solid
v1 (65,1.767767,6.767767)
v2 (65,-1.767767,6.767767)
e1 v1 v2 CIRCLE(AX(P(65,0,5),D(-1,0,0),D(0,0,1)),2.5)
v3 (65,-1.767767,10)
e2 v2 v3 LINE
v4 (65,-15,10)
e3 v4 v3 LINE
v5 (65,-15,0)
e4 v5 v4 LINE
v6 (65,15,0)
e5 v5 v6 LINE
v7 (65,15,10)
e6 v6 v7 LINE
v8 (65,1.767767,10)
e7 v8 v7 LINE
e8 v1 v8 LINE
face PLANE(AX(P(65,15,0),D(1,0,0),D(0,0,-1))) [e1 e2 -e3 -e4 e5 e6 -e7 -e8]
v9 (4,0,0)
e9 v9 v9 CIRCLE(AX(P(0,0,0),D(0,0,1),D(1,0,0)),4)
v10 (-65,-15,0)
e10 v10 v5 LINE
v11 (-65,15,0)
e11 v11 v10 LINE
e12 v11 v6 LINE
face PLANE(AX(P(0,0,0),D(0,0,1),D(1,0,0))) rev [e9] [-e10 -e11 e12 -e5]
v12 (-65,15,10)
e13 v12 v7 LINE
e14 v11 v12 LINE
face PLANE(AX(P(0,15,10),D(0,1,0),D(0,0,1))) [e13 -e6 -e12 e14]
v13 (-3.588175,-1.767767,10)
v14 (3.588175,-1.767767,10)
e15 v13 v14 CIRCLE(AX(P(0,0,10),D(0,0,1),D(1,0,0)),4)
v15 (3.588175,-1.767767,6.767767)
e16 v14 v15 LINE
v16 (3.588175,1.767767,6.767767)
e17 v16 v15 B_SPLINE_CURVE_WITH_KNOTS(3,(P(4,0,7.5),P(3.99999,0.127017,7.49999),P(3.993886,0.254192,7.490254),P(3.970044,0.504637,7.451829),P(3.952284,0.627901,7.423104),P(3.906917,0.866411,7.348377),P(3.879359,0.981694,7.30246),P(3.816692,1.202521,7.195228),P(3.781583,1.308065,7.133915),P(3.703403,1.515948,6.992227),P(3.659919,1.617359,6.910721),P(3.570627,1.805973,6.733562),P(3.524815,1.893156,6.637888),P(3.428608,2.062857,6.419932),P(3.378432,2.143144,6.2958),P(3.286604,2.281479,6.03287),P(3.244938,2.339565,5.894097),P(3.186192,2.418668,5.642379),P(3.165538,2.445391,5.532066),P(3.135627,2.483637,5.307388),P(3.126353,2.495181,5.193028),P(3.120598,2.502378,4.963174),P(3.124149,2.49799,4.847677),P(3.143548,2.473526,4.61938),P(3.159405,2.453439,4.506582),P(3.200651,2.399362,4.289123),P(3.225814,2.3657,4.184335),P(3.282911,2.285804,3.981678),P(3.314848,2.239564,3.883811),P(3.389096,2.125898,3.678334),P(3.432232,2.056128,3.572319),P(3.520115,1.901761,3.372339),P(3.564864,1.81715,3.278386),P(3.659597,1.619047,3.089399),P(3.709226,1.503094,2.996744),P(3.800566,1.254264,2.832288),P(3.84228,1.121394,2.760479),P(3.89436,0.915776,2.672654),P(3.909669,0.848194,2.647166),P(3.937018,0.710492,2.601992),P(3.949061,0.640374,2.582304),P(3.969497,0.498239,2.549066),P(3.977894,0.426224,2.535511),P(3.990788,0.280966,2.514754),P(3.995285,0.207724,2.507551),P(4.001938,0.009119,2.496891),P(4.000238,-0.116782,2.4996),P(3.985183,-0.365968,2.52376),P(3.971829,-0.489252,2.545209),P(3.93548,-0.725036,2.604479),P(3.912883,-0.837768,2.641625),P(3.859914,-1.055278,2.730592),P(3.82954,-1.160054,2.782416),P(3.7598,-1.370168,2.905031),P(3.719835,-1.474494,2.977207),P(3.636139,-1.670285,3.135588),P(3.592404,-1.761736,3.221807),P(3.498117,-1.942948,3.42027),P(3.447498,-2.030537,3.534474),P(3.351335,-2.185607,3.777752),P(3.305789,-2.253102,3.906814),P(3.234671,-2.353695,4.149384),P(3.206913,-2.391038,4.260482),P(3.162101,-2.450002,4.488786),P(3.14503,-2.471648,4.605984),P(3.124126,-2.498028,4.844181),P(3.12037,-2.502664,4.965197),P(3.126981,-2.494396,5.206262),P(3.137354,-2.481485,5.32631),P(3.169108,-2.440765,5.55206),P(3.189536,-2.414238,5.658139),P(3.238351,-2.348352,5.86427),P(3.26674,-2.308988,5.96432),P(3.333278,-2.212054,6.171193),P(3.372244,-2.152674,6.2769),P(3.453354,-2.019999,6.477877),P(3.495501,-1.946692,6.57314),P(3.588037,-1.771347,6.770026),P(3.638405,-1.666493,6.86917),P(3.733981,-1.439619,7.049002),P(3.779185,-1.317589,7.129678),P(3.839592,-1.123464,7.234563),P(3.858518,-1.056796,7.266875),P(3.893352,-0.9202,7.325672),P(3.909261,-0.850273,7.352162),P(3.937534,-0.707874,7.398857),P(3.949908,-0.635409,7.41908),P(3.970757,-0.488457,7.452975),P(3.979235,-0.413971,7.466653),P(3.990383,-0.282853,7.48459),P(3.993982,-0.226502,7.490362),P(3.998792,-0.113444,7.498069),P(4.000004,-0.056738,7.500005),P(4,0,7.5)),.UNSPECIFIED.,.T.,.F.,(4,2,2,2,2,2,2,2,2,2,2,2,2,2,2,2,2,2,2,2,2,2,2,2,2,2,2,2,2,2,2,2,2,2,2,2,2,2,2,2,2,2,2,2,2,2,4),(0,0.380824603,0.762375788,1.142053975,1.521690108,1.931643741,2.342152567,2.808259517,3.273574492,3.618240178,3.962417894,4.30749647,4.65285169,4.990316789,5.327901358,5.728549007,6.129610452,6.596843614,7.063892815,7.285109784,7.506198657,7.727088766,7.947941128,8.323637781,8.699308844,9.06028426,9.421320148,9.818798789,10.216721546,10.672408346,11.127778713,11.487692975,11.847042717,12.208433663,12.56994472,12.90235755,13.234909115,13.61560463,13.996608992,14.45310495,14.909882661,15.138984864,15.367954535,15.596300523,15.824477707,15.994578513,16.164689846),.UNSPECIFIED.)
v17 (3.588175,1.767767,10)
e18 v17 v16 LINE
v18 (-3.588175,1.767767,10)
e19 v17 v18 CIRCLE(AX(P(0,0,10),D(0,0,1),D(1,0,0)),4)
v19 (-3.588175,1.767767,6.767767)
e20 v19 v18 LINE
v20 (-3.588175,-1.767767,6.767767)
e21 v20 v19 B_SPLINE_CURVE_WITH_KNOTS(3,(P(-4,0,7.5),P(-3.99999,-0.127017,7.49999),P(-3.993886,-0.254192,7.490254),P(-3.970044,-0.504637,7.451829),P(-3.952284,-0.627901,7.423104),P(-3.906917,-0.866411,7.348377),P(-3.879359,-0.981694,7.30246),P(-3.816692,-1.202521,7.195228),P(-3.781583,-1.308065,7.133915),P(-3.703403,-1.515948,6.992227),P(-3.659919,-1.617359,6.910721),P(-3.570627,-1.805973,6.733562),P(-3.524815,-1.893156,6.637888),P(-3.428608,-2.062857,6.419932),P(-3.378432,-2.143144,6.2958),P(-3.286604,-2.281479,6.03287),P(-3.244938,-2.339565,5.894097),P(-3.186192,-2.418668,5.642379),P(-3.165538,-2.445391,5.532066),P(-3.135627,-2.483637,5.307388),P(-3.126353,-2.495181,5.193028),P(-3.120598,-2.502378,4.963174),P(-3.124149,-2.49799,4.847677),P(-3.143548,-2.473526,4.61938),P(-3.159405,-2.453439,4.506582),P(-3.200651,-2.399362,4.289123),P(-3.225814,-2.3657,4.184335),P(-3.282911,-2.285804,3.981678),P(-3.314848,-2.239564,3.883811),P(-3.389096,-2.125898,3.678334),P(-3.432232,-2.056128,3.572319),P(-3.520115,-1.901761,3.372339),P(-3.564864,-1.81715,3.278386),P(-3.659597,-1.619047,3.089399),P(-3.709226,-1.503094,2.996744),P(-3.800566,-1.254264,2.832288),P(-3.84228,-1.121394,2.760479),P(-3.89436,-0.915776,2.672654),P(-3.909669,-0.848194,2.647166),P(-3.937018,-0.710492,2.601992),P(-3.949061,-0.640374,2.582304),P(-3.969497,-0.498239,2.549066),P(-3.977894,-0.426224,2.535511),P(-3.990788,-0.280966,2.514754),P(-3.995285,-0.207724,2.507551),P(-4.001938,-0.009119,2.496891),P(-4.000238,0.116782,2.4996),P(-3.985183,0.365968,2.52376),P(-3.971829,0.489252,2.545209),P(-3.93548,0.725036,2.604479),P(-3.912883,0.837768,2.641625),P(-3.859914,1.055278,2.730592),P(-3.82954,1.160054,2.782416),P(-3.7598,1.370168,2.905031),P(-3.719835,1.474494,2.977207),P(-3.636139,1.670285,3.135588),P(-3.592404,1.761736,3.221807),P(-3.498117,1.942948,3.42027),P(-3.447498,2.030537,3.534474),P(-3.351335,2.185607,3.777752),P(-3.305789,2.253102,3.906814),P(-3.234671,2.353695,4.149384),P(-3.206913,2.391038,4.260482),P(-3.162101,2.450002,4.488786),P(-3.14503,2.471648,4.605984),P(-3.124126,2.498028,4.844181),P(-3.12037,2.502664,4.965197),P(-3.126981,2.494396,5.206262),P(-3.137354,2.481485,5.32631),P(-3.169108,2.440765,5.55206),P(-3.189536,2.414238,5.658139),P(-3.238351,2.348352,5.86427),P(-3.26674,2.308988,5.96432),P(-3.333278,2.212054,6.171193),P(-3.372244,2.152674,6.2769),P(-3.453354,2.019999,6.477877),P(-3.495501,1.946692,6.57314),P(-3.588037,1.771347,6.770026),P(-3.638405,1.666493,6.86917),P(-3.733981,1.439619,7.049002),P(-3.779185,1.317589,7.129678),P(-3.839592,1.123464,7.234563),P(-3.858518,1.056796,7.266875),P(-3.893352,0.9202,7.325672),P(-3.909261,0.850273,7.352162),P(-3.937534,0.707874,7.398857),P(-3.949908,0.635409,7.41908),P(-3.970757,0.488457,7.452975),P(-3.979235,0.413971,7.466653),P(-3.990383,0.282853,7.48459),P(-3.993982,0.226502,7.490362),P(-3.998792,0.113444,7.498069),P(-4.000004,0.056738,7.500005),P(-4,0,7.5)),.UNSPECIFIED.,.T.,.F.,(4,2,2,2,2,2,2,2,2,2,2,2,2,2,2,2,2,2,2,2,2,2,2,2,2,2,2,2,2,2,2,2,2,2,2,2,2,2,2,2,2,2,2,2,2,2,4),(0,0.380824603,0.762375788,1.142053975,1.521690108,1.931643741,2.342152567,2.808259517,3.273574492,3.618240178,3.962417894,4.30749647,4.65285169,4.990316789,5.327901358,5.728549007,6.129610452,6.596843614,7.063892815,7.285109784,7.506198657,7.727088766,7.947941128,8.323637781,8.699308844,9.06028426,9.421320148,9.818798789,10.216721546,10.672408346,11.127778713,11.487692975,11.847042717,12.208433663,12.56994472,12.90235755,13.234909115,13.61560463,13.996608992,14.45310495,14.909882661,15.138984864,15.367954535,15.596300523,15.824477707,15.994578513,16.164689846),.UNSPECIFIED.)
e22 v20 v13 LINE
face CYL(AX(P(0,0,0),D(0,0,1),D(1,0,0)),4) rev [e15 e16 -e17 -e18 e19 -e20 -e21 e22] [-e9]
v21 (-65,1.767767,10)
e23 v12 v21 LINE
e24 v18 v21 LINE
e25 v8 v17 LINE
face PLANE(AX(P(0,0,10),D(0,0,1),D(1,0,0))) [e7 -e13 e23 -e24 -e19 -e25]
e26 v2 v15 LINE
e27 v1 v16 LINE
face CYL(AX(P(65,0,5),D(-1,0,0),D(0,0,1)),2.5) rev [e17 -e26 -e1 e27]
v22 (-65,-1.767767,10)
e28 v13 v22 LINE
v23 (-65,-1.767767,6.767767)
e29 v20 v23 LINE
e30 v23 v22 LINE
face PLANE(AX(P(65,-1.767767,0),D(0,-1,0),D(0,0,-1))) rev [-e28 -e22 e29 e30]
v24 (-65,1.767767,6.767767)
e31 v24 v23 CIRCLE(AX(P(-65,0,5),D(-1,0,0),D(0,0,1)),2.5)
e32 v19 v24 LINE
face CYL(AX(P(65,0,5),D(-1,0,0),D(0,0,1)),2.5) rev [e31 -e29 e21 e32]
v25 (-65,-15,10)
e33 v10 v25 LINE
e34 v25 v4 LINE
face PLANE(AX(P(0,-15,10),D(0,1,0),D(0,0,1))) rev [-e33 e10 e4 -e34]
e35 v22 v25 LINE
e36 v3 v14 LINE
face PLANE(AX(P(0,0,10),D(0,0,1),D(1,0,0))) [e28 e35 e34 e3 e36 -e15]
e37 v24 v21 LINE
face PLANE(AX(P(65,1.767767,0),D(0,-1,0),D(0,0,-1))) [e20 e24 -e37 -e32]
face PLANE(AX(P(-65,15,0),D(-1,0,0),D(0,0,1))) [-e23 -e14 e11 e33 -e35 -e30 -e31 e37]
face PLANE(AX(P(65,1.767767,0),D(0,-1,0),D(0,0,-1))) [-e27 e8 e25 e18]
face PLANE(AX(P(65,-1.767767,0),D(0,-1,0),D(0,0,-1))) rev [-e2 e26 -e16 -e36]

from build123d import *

# Parameters (mm, degrees)
SKETCH_1_R           = 4
SKETCH_1_R_2         = 15
EXTRUDE_2_DEPTH      = 10
SKETCH_2_W           = 48
SKETCH_2_H           = 4
CUT_EXTRUDE_3_DEPTH  = 68.453687816
CUT_EXTRUDE_4_DEPTH  = 68.453687816
SKETCH_4_W           = 48
SKETCH_4_H           = 4
EXTRUDE_3_DEPTH      = 10
SKETCH_5_W           = 10
SKETCH_5_H           = 4
EXTRUDE_4_DEPTH      = 100
SKETCH_6_W           = 15
SKETCH_6_H           = 10
CUT_EXTRUDE_5_DEPTH  = 100
SKETCH_7_R           = 2.5
CUT_EXTRUDE_14_DEPTH = 117.404467268
SKETCH_11_R          = 4
CUT_EXTRUDE_15_DEPTH = 68.45368795
SKETCH_12_R          = 15
EXTRUDE_5_DEPTH      = 10
SKETCH_14_W          = 100
SKETCH_14_H          = 10
EXTRUDE_6_DEPTH      = 30
SKETCH_15_R          = 2.5
CUT_EXTRUDE_16_DEPTH = 117.40446729
SKETCH_16_R          = 4
CUT_EXTRUDE_17_DEPTH = 68.45368795
SKETCH_17_W          = 15
SKETCH_17_H          = 30
EXTRUDE_7_DEPTH      = 10
SKETCH_18_R          = 2.5
CUT_EXTRUDE_18_DEPTH = 132.244047492
CUT_EXTRUDE_19_DEPTH = 132.244047591


with BuildPart() as part:
    # 草图1 → 凸台-拉伸2 (new body)
    # profile 1 of 3: a face of its own
    with BuildSketch(Plane.XY):
        with BuildLine():
            Line((50.00000004, 15), (-50, 15))
            ThreePointArc((-50, 15), (-39.393398282, 10.606601718), (-35, 0))
            ThreePointArc((-35, 0), (-39.393398282, -10.606601718), (-50, -15))
            Line((-50, -15), (50, -15))
            ThreePointArc((50, -15), (35, 2e-08), (50.00000004, 15))
        make_face()
        Circle(SKETCH_1_R, mode=Mode.SUBTRACT)
    # profile 2 of 3: a face of its own
    with BuildSketch(Plane.XY):
        with Locations((-50, 0)):
            Circle(SKETCH_1_R_2)
    # profile 3 of 3: a face of its own
    with BuildSketch(Plane.XY):
        with Locations((50, 0)):
            Circle(SKETCH_1_R_2)
    extrude(amount=EXTRUDE_2_DEPTH)

    # 草图2 → 切除-拉伸3 (cut, through all)
    with BuildSketch(Plane.XY.offset(10)):
        with Locations((26, 10)):
            Rectangle(SKETCH_2_W, SKETCH_2_H)
        with Locations((-26, 10)):
            Rectangle(SKETCH_2_W, SKETCH_2_H)
        with Locations((-26, -10)):
            Rectangle(SKETCH_2_W, SKETCH_2_H)
        with Locations((26, -10)):
            Rectangle(SKETCH_2_W, SKETCH_2_H)
    extrude(amount=-CUT_EXTRUDE_3_DEPTH, mode=Mode.SUBTRACT)

    # 草图3 → 切除-拉伸4 (cut, through all)
    with BuildSketch(Plane.XY.offset(10)):
        with BuildLine():
            Line((-3.464101615, 2), (-50, 2))
            Line((-50, 2), (-50, 0))
            Line((-50, 0), (-4, 0))
            ThreePointArc((-4, 0), (-3.863703305, 1.03527618), (-3.464101615, 2))
        make_face()
        with BuildLine():
            Line((-4, 0), (-50, 0))
            Line((-50, 0), (-50, -2))
            Line((-50, -2), (-3.464101615, -2))
            ThreePointArc((-3.464101615, -2), (-3.863703305, -1.03527618), (-4, 0))
        make_face()
        with BuildLine():
            Line((50, 0), (4, 0))
            ThreePointArc((4, 0), (3.863703305, -1.03527618), (3.464101615, -2))
            Line((3.464101615, -2), (50, -2))
            Line((50, -2), (50, 0))
        make_face()
        with BuildLine():
            Line((50, 2), (3.464101615, 2))
            ThreePointArc((3.464101615, 2), (3.863703305, 1.03527618), (4, 0))
            Line((4, 0), (50, 0))
            Line((50, 0), (50, 2))
        make_face()
    extrude(amount=-CUT_EXTRUDE_4_DEPTH, mode=Mode.SUBTRACT)

    # 草图4 → 凸台-拉伸3 (add)
    with BuildSketch(Plane.XY.offset(10)):
        with Locations((26, 10)):
            Rectangle(SKETCH_4_W, SKETCH_4_H)
        with Locations((26, -10)):
            Rectangle(SKETCH_4_W, SKETCH_4_H)
        with Locations((-26, 10)):
            Rectangle(SKETCH_4_W, SKETCH_4_H)
        with Locations((-26, -10)):
            Rectangle(SKETCH_4_W, SKETCH_4_H)
    extrude(amount=-EXTRUDE_3_DEPTH)

    # 草图5 → 凸台-拉伸4 (add)
    with BuildSketch(Plane(origin=(-50, 0, 0), x_dir=(0, 0, -1), z_dir=(1, 0, 0))):
        with Locations((-5, 0)):
            Rectangle(SKETCH_5_W, SKETCH_5_H)
    extrude(amount=EXTRUDE_4_DEPTH)

    # 草图6 → 切除-拉伸5 (cut)
    with BuildSketch(Plane.XZ.offset(15)):
        with Locations((-57.5, 5)):
            Rectangle(SKETCH_6_W, SKETCH_6_H)
    extrude(amount=-CUT_EXTRUDE_5_DEPTH, mode=Mode.SUBTRACT)

    # 草图7 → 切除-拉伸14 (cut, through all)
    with BuildSketch(Plane.ZY.offset(50)):
        with Locations((5, 0)):
            Circle(SKETCH_7_R)
    extrude(amount=-CUT_EXTRUDE_14_DEPTH, mode=Mode.SUBTRACT)

    # 草图11 → 切除-拉伸15 (cut, through all)
    with BuildSketch(Plane.XY.offset(10)):
        Circle(SKETCH_11_R)
    extrude(amount=-CUT_EXTRUDE_15_DEPTH, mode=Mode.SUBTRACT)

    # 草图12 → 凸台-拉伸5 (add)
    with BuildSketch(Plane.XY.offset(10)):
        with Locations((-50, 0)):
            Circle(SKETCH_12_R)
    extrude(amount=-EXTRUDE_5_DEPTH)

    # 草图14 → 凸台-拉伸6 (add)
    with BuildSketch(Plane(origin=(0, 15, 0), x_dir=(1, 0, 0), z_dir=(0, 1, 0))):
        with Locations((0, -5)):
            Rectangle(SKETCH_14_W, SKETCH_14_H)
    extrude(amount=-EXTRUDE_6_DEPTH)

    # 草图15 → 切除-拉伸16 (cut, through all)
    with BuildSketch(Plane(origin=(50, 0, 0), x_dir=(0, 0, -1), z_dir=(1, 0, 0))):
        with Locations(Location((-5, 0, 0), (0, 0, 180))):
            Circle(SKETCH_15_R)
    extrude(amount=-CUT_EXTRUDE_16_DEPTH, mode=Mode.SUBTRACT)

    # 草图16 → 切除-拉伸17 (cut, through all)
    with BuildSketch(Plane.XY.offset(10)):
        Circle(SKETCH_16_R)
    extrude(amount=-CUT_EXTRUDE_17_DEPTH, mode=Mode.SUBTRACT)

    # 草图17 → 凸台-拉伸7 (add)
    with BuildSketch(Plane.XY.offset(10)):
        with Locations((57.5, 0)):
            Rectangle(SKETCH_17_W, SKETCH_17_H)
        with Locations((-57.5, 0)):
            Rectangle(SKETCH_17_W, SKETCH_17_H)
    extrude(amount=-EXTRUDE_7_DEPTH)

    # 草图18 → 切除-拉伸18 (cut, through all)
    with BuildSketch(Plane.ZY.offset(65)):
        with Locations((5, 0)):
            Circle(SKETCH_18_R)
    extrude(amount=-CUT_EXTRUDE_18_DEPTH, mode=Mode.SUBTRACT)

    # 草图19 → 切除-拉伸19 (cut, through all)
    with BuildSketch(Plane.ZY.offset(65)):
        with BuildLine():
            Line((10, 1.767766953), (6.767766953, 1.767766953))
            ThreePointArc((6.767766953, 1.767766953), (7.309698831, 0.956708581), (7.5, 0))
            ThreePointArc((7.5, 0), (7.309698831, -0.956708581), (6.767766953, -1.767766953))
            Line((6.767766953, -1.767766953), (10, -1.767766953))
            Line((10, -1.767766953), (10, 1.767766953))
        make_face()
    extrude(amount=-CUT_EXTRUDE_19_DEPTH, mode=Mode.SUBTRACT)


solid = part.part
